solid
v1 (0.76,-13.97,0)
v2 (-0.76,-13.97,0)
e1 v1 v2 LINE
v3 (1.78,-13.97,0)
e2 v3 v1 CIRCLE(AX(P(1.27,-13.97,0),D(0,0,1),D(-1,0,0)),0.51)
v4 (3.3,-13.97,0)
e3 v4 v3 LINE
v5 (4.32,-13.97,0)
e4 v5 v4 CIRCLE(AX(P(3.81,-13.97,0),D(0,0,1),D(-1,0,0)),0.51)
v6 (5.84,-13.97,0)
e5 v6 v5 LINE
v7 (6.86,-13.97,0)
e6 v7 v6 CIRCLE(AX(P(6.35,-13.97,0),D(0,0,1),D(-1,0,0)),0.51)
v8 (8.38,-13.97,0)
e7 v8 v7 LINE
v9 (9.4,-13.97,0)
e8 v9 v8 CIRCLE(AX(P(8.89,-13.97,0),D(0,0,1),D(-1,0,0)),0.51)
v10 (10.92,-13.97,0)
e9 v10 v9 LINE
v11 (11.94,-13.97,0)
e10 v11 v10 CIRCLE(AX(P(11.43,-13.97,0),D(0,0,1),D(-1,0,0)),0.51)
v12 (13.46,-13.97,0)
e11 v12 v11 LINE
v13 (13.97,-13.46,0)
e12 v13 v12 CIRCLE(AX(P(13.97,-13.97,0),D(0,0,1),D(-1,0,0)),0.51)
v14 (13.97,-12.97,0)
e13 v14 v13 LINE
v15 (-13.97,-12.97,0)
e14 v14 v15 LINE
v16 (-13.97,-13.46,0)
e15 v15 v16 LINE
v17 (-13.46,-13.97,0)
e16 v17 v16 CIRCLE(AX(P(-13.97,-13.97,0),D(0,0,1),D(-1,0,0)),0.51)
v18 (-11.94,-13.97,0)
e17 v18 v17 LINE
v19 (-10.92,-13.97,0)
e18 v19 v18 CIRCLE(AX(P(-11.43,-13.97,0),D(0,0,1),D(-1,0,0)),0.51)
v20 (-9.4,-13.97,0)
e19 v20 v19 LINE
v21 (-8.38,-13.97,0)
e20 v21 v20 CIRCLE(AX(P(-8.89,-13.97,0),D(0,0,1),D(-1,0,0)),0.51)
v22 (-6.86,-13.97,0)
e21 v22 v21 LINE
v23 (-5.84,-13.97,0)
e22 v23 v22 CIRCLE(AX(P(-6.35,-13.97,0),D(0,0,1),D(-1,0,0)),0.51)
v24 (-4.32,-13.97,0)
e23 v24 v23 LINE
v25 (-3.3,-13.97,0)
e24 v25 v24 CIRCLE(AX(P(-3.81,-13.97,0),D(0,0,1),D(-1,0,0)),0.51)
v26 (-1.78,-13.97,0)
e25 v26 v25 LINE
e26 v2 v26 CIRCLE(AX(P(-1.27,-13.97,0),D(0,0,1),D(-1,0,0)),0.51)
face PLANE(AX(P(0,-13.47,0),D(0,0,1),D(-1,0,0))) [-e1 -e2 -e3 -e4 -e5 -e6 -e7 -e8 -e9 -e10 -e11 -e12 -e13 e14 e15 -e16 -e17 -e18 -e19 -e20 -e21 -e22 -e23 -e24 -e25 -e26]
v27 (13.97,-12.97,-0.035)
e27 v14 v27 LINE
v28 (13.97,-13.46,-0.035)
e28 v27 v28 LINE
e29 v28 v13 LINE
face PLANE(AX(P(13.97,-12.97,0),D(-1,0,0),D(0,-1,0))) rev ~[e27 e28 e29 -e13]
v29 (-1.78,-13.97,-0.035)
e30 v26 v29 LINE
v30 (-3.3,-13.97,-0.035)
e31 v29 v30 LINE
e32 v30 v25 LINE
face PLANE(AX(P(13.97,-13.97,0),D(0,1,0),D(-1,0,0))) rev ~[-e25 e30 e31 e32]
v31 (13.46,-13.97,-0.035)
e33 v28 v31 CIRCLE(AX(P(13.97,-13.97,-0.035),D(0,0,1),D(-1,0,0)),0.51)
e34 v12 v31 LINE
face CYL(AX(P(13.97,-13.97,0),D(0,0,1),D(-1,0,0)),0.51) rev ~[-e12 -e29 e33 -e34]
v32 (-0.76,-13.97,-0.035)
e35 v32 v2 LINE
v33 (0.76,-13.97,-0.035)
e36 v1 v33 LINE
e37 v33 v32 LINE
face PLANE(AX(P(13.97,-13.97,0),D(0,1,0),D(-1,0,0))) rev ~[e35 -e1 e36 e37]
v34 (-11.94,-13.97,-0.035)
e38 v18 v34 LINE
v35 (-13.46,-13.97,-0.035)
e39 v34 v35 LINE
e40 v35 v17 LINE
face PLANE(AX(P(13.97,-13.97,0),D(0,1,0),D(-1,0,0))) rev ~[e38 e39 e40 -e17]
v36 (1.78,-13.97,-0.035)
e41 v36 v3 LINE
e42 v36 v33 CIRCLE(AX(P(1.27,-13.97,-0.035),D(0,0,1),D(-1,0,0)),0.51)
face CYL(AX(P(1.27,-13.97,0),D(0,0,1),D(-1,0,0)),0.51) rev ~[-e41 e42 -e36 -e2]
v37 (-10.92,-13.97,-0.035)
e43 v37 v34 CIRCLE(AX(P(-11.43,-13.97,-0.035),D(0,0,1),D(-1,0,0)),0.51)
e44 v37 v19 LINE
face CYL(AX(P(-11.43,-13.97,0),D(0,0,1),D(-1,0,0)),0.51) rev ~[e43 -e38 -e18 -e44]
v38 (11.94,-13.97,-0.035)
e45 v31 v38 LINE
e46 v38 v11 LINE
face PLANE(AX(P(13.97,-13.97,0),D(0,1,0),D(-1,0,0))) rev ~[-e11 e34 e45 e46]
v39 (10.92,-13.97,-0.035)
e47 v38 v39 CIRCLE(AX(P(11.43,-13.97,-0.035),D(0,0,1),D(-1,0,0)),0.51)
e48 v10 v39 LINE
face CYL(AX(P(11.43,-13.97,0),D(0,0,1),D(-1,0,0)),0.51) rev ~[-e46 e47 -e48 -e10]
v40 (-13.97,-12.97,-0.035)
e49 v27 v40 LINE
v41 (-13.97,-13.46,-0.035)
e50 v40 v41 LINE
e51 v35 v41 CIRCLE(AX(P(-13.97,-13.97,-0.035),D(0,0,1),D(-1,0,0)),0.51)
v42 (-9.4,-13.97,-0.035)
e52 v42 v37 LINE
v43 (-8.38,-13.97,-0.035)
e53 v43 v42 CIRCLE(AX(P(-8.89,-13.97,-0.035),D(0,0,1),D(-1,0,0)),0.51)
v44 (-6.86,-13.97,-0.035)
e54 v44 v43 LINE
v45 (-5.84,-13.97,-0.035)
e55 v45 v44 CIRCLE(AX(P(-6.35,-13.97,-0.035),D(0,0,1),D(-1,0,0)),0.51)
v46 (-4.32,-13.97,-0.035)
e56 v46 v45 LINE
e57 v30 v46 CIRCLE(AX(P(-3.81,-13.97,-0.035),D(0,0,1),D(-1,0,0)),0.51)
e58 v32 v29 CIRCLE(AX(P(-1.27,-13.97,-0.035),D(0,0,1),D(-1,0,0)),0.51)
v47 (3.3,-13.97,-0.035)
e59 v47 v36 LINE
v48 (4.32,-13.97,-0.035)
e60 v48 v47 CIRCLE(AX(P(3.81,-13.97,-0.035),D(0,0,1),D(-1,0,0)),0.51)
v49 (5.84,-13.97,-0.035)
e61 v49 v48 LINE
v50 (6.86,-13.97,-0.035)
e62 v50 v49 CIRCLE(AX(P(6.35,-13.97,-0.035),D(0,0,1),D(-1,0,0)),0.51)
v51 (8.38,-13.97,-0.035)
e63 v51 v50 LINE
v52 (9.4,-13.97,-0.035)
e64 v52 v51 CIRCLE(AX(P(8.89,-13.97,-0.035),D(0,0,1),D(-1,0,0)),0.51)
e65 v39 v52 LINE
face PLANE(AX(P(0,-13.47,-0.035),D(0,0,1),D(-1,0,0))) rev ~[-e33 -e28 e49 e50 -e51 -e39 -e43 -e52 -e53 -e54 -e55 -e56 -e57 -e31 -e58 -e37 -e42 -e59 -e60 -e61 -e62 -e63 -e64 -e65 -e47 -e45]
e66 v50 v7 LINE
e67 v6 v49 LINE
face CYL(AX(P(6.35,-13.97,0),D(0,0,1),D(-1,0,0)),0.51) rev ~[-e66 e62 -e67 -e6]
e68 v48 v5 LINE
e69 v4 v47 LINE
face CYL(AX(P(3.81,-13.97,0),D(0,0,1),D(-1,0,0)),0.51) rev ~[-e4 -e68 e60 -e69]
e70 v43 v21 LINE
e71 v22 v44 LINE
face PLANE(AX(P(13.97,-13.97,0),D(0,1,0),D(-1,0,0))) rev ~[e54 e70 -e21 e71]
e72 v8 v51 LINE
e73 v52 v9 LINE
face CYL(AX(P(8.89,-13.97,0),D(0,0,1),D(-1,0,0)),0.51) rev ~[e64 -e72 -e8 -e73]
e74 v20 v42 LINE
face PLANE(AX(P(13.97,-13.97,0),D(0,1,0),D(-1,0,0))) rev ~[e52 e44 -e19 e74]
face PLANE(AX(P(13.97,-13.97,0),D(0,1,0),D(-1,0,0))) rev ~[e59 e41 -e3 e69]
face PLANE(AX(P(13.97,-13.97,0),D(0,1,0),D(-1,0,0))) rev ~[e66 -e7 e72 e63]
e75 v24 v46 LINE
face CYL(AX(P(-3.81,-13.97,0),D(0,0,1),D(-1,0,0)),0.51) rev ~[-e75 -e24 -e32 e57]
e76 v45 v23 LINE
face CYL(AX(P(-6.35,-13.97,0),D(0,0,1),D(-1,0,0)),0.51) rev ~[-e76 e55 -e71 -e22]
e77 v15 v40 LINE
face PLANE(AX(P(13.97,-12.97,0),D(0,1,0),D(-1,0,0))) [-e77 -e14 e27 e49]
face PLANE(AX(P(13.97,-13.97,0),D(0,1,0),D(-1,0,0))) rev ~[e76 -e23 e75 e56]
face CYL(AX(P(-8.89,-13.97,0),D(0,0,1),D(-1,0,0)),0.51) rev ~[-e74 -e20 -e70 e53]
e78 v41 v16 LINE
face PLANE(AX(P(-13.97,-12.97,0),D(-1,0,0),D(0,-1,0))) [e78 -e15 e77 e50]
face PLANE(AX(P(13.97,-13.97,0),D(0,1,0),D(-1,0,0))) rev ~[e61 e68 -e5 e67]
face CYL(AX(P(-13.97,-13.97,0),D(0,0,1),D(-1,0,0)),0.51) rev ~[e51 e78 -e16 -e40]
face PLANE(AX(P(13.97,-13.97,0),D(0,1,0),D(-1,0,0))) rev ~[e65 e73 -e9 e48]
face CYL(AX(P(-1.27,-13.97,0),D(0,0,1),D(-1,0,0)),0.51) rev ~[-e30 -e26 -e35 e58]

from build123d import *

# Parameters (mm, degrees)
SKETCH004_W             = 27.94
SKETCH004_H             = 1
PAD002_DEPTH            = 0.035
SKETCH005_R             = 0.51
POCKET002_DEPTH         = 0.036
LINEARPATTERN005_COUNT  = 12
LINEARPATTERN005_PITCH  = 2.54
BODY004_PLACEMENT_ANGLE = 180


with BuildPart() as part:
    # Sketch004 → Pad002 (new body)
    with BuildSketch(Plane.XY):
        with Locations((0, 13.47)):
            Rectangle(SKETCH004_W, SKETCH004_H)
    extrude(amount=-PAD002_DEPTH)

    # Sketch005 → Pocket002 (cut, through all)
    with BuildSketch(Plane.XY):
        with Locations((-13.97, 13.97)):
            Circle(SKETCH005_R)
    pocket002 = extrude(amount=-POCKET002_DEPTH, mode=Mode.SUBTRACT)

    # LinearPattern005: Pocket002 ×12
    with Locations(*[(i * LINEARPATTERN005_PITCH, 0, 0) for i in range(1, LINEARPATTERN005_COUNT)]):
        add(pocket002, mode=Mode.SUBTRACT)


with BuildPart() as part_1:
    # Body004 placement: moved
    add(part.part.rotate(Axis((0, 0, 0), (0, 0, 1)), BODY004_PLACEMENT_ANGLE))


solid = part_1.part
